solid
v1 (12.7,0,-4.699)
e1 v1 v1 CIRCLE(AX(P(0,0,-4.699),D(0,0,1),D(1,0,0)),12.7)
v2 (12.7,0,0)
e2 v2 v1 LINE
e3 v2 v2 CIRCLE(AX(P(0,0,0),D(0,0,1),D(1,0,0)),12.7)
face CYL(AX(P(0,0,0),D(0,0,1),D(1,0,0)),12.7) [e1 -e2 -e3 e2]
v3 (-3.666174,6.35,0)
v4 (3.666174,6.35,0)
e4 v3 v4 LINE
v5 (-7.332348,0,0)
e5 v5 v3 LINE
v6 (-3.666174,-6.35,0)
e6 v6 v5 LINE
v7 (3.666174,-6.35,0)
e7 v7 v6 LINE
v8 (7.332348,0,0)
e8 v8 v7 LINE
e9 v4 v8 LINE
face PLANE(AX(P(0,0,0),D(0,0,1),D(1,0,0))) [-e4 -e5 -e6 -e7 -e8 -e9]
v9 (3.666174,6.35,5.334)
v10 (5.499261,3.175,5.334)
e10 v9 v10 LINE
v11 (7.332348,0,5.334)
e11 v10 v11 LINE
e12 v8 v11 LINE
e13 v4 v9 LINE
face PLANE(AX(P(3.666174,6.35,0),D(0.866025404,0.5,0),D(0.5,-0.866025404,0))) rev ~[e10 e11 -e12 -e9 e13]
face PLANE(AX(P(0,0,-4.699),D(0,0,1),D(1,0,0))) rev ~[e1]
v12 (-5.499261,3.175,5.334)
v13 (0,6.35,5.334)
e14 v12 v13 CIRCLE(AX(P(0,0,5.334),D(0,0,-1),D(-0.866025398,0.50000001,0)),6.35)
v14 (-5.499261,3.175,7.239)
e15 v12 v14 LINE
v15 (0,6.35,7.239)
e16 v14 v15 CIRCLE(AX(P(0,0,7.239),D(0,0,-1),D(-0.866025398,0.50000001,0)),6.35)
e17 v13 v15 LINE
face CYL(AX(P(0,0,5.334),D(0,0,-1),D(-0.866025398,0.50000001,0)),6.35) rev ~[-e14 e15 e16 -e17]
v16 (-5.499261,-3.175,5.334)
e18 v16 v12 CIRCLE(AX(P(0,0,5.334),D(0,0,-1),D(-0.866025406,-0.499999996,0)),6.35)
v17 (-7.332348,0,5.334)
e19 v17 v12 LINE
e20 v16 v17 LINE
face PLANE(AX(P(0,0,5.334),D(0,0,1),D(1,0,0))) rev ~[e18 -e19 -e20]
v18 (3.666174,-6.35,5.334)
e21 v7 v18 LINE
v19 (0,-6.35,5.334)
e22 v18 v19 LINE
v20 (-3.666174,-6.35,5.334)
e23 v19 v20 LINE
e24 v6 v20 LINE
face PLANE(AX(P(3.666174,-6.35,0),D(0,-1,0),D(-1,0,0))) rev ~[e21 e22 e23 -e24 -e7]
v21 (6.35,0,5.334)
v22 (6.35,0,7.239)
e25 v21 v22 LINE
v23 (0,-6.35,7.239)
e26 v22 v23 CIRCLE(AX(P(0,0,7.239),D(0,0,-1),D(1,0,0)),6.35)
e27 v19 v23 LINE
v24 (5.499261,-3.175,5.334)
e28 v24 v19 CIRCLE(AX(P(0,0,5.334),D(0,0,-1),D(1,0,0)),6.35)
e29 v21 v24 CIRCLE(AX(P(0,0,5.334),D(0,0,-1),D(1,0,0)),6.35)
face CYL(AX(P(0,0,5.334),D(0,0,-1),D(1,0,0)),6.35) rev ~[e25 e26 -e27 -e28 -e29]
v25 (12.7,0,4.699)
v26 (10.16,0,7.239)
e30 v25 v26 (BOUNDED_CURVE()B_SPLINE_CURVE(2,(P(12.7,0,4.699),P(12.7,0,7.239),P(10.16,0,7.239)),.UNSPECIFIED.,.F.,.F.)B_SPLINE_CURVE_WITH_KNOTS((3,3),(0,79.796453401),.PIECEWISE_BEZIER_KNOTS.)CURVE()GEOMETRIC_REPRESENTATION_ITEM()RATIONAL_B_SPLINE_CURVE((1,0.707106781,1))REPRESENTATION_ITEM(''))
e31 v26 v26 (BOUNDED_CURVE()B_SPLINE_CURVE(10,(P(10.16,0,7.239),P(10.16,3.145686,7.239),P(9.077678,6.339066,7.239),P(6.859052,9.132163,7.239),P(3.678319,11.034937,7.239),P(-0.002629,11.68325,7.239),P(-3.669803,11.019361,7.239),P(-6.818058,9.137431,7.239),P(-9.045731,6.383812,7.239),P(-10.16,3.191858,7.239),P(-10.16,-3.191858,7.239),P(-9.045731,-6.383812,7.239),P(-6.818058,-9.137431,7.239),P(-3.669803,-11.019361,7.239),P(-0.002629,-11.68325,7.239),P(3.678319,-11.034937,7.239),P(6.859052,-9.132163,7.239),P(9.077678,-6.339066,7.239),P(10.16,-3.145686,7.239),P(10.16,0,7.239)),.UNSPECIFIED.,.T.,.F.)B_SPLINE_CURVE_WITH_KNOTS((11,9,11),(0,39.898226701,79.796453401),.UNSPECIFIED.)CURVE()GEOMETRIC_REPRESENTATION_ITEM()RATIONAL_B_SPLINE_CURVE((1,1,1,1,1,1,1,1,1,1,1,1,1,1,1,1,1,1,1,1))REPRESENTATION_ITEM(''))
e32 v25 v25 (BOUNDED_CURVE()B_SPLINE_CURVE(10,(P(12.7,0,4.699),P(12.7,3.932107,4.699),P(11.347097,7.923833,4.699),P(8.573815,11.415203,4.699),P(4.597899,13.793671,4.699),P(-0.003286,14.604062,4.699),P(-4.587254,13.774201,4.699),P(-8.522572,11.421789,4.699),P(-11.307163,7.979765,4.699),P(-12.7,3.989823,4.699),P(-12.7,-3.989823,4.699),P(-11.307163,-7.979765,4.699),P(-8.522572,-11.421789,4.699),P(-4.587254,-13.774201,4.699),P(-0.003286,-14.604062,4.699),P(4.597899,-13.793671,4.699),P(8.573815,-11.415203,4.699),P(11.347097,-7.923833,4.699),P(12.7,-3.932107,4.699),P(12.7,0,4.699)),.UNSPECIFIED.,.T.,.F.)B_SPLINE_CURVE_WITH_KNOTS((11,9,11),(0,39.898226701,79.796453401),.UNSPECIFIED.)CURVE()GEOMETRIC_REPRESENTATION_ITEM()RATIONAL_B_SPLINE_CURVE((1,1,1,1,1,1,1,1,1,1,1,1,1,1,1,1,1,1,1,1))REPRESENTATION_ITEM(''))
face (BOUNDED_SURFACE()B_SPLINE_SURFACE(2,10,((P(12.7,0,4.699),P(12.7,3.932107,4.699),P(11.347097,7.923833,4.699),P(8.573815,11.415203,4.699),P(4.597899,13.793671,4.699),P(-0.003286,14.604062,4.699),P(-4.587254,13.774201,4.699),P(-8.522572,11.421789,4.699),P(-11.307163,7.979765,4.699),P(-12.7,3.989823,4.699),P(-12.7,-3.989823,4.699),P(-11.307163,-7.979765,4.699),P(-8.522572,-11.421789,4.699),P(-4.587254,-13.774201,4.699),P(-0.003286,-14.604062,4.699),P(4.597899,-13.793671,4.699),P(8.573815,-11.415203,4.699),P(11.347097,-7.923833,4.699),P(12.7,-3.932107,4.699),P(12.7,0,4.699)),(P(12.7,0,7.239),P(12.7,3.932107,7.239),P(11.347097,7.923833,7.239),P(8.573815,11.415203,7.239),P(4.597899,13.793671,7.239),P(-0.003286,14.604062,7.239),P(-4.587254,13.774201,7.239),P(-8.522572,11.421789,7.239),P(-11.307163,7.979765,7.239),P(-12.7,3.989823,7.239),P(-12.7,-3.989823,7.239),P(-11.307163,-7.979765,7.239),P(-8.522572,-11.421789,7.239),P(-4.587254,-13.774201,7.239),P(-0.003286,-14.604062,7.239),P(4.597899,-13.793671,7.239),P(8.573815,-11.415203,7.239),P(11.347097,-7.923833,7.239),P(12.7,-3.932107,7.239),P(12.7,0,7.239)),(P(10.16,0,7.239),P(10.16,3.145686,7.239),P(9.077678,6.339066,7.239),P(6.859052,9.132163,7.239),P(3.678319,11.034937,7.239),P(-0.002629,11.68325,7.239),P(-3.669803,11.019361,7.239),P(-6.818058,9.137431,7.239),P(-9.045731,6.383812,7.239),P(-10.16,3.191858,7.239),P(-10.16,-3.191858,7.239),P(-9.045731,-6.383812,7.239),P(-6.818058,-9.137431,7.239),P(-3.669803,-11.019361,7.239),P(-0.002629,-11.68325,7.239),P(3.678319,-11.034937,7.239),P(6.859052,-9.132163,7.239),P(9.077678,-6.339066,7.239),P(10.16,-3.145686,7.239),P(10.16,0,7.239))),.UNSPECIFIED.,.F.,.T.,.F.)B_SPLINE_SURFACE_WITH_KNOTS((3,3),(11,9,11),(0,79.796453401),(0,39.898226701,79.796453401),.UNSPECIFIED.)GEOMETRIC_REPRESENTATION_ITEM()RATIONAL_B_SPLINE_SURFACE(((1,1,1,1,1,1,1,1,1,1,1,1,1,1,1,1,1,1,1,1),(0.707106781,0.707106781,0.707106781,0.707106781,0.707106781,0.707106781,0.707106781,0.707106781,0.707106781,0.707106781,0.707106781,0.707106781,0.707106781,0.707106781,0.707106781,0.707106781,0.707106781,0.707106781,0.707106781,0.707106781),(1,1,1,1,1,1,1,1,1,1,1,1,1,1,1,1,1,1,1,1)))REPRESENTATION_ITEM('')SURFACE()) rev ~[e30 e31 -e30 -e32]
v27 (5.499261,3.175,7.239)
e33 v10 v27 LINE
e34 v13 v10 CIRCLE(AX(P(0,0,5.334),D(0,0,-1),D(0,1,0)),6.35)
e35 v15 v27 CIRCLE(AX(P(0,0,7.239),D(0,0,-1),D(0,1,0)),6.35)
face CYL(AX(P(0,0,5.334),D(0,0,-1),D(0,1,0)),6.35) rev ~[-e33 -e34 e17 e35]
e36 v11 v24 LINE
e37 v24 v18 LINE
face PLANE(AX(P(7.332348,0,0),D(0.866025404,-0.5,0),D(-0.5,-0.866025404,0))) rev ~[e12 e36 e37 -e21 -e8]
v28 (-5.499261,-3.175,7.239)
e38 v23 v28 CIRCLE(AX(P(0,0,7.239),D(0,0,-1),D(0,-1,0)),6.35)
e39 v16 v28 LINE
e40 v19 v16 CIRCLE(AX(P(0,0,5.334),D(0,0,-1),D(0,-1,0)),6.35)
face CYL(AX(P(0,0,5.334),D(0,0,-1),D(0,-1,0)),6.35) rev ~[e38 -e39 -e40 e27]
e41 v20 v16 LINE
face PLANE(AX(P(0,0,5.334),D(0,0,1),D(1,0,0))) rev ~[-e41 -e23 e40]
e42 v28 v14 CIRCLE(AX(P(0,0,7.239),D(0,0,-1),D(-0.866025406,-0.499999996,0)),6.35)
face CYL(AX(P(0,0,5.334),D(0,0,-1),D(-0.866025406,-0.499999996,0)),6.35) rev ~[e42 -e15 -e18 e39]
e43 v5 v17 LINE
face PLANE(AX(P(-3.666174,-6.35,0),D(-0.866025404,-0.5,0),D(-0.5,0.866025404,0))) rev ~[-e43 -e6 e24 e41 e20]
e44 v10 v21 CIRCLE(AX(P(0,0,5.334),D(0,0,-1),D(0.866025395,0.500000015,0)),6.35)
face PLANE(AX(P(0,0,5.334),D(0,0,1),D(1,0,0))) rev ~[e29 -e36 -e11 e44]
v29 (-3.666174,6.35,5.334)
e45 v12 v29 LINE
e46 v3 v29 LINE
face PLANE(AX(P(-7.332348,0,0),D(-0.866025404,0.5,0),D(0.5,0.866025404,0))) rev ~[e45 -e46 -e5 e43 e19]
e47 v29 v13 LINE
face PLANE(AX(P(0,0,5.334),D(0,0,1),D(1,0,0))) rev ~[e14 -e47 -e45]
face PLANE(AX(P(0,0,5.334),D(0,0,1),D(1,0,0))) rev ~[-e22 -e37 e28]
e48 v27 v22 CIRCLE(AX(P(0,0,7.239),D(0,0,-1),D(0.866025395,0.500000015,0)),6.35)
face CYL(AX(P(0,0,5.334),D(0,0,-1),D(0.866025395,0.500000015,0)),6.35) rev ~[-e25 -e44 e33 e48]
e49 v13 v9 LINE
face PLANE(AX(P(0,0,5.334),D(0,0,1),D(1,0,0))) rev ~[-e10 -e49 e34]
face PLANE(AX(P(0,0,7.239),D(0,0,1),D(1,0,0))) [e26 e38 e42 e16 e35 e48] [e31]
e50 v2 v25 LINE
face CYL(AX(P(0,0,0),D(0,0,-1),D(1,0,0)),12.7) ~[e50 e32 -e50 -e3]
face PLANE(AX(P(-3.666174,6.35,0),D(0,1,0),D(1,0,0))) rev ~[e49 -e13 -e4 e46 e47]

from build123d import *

# Parameters (mm, degrees)
F0_R     = 12.7
F1_DEPTH = 4.699
F2_DEPTH = 5.334
F3_R     = 12.7
F4_DEPTH = 1.905
F5_R     = 2.54


with BuildPart() as f1:
    # F0 (on Top) → F1 (new body)
    with BuildSketch(Plane.XY):
        Circle(F0_R)
        Polygon((-3.6661742094, 6.35), (3.6661742094, 6.35), (7.3323484187, 0), (3.6661742094, -6.35), (-3.6661742094, -6.35), (-7.3323484187, 0), align=None, mode=Mode.SUBTRACT)
        Polygon((7.3323484187, 0), (3.6661742094, 6.35), (-3.6661742094, 6.35), (-7.3323484187, 0), (-3.6661742094, -6.35), (3.6661742094, -6.35), align=None)
    extrude(amount=-F1_DEPTH)

    # F0 (on Top) → F2 (join)
    with BuildSketch(Plane.XY):
        Circle(F0_R)
        Polygon((-3.6661742094, 6.35), (3.6661742094, 6.35), (7.3323484187, 0), (3.6661742094, -6.35), (-3.6661742094, -6.35), (-7.3323484187, 0), align=None, mode=Mode.SUBTRACT)
    extrude(amount=F2_DEPTH)

    # F3 (on face) → F4 (join)
    with BuildSketch(Plane.XY.offset(5.334)):
        Circle(F3_R)
        Polygon((3.6661742094, 6.35), (5.4992612609, 3.175000092), (7.3323484187, 0), (5.4992613458, -3.174999945), (3.6661742094, -6.35), (0, -6.35), (-3.6661742094, -6.35), (-5.4992613297, -3.1749999728), (-7.3323484187, 0), (-5.4992612781, 3.1750000622), (-3.6661742094, 6.35), (0, 6.35), align=None, mode=Mode.SUBTRACT)
        with BuildLine():
            ThreePointArc((-5.4992612781, 3.1750000622), (-3.1749999689, 5.499261332), (0, 6.35))
            Line((0, 6.35), (-3.6661742094, 6.35))
            Line((-3.6661742094, 6.35), (-5.4992612781, 3.1750000622))
        make_face()
        with BuildLine():
            ThreePointArc((0, 6.35), (3.174999954, 5.4992613406), (5.4992612609, 3.175000092))
            Line((5.4992612609, 3.175000092), (3.6661742094, 6.35))
            Line((3.6661742094, 6.35), (0, 6.35))
        make_face()
        with BuildLine():
            ThreePointArc((5.4992612609, 3.175000092), (6.1336289832, 1.6435009877), (6.35, 0))
            ThreePointArc((6.35, 0), (6.1336290052, -1.6435009057), (5.4992613458, -3.174999945))
            Line((5.4992613458, -3.174999945), (7.3323484187, 0))
            Line((7.3323484187, 0), (5.4992612609, 3.175000092))
        make_face()
        with BuildLine():
            Line((3.6661742094, -6.35), (5.4992613458, -3.174999945))
            ThreePointArc((5.4992613458, -3.174999945), (3.1750000275, -5.4992612981), (0, -6.35))
            Line((0, -6.35), (3.6661742094, -6.35))
        make_face()
        with BuildLine():
            Line((-3.6661742094, -6.35), (0, -6.35))
            ThreePointArc((0, -6.35), (-3.1750000136, -5.4992613062), (-5.4992613297, -3.1749999728))
            Line((-5.4992613297, -3.1749999728), (-3.6661742094, -6.35))
        make_face()
        with BuildLine():
            ThreePointArc((-5.4992613297, -3.1749999728), (-6.35, 5.16e-08), (-5.4992612781, 3.1750000622))
            Line((-5.4992612781, 3.1750000622), (-7.3323484187, 0))
            Line((-7.3323484187, 0), (-5.4992613297, -3.1749999728))
        make_face()
    extrude(amount=F4_DEPTH)

    # F5
    f5_edges = [f1.edges().sort_by_distance(p)[0] for p in [
        (-12.7, 0, 7.239),
    ]]
    fillet(f5_edges, radius=F5_R)


solid = f1.part
